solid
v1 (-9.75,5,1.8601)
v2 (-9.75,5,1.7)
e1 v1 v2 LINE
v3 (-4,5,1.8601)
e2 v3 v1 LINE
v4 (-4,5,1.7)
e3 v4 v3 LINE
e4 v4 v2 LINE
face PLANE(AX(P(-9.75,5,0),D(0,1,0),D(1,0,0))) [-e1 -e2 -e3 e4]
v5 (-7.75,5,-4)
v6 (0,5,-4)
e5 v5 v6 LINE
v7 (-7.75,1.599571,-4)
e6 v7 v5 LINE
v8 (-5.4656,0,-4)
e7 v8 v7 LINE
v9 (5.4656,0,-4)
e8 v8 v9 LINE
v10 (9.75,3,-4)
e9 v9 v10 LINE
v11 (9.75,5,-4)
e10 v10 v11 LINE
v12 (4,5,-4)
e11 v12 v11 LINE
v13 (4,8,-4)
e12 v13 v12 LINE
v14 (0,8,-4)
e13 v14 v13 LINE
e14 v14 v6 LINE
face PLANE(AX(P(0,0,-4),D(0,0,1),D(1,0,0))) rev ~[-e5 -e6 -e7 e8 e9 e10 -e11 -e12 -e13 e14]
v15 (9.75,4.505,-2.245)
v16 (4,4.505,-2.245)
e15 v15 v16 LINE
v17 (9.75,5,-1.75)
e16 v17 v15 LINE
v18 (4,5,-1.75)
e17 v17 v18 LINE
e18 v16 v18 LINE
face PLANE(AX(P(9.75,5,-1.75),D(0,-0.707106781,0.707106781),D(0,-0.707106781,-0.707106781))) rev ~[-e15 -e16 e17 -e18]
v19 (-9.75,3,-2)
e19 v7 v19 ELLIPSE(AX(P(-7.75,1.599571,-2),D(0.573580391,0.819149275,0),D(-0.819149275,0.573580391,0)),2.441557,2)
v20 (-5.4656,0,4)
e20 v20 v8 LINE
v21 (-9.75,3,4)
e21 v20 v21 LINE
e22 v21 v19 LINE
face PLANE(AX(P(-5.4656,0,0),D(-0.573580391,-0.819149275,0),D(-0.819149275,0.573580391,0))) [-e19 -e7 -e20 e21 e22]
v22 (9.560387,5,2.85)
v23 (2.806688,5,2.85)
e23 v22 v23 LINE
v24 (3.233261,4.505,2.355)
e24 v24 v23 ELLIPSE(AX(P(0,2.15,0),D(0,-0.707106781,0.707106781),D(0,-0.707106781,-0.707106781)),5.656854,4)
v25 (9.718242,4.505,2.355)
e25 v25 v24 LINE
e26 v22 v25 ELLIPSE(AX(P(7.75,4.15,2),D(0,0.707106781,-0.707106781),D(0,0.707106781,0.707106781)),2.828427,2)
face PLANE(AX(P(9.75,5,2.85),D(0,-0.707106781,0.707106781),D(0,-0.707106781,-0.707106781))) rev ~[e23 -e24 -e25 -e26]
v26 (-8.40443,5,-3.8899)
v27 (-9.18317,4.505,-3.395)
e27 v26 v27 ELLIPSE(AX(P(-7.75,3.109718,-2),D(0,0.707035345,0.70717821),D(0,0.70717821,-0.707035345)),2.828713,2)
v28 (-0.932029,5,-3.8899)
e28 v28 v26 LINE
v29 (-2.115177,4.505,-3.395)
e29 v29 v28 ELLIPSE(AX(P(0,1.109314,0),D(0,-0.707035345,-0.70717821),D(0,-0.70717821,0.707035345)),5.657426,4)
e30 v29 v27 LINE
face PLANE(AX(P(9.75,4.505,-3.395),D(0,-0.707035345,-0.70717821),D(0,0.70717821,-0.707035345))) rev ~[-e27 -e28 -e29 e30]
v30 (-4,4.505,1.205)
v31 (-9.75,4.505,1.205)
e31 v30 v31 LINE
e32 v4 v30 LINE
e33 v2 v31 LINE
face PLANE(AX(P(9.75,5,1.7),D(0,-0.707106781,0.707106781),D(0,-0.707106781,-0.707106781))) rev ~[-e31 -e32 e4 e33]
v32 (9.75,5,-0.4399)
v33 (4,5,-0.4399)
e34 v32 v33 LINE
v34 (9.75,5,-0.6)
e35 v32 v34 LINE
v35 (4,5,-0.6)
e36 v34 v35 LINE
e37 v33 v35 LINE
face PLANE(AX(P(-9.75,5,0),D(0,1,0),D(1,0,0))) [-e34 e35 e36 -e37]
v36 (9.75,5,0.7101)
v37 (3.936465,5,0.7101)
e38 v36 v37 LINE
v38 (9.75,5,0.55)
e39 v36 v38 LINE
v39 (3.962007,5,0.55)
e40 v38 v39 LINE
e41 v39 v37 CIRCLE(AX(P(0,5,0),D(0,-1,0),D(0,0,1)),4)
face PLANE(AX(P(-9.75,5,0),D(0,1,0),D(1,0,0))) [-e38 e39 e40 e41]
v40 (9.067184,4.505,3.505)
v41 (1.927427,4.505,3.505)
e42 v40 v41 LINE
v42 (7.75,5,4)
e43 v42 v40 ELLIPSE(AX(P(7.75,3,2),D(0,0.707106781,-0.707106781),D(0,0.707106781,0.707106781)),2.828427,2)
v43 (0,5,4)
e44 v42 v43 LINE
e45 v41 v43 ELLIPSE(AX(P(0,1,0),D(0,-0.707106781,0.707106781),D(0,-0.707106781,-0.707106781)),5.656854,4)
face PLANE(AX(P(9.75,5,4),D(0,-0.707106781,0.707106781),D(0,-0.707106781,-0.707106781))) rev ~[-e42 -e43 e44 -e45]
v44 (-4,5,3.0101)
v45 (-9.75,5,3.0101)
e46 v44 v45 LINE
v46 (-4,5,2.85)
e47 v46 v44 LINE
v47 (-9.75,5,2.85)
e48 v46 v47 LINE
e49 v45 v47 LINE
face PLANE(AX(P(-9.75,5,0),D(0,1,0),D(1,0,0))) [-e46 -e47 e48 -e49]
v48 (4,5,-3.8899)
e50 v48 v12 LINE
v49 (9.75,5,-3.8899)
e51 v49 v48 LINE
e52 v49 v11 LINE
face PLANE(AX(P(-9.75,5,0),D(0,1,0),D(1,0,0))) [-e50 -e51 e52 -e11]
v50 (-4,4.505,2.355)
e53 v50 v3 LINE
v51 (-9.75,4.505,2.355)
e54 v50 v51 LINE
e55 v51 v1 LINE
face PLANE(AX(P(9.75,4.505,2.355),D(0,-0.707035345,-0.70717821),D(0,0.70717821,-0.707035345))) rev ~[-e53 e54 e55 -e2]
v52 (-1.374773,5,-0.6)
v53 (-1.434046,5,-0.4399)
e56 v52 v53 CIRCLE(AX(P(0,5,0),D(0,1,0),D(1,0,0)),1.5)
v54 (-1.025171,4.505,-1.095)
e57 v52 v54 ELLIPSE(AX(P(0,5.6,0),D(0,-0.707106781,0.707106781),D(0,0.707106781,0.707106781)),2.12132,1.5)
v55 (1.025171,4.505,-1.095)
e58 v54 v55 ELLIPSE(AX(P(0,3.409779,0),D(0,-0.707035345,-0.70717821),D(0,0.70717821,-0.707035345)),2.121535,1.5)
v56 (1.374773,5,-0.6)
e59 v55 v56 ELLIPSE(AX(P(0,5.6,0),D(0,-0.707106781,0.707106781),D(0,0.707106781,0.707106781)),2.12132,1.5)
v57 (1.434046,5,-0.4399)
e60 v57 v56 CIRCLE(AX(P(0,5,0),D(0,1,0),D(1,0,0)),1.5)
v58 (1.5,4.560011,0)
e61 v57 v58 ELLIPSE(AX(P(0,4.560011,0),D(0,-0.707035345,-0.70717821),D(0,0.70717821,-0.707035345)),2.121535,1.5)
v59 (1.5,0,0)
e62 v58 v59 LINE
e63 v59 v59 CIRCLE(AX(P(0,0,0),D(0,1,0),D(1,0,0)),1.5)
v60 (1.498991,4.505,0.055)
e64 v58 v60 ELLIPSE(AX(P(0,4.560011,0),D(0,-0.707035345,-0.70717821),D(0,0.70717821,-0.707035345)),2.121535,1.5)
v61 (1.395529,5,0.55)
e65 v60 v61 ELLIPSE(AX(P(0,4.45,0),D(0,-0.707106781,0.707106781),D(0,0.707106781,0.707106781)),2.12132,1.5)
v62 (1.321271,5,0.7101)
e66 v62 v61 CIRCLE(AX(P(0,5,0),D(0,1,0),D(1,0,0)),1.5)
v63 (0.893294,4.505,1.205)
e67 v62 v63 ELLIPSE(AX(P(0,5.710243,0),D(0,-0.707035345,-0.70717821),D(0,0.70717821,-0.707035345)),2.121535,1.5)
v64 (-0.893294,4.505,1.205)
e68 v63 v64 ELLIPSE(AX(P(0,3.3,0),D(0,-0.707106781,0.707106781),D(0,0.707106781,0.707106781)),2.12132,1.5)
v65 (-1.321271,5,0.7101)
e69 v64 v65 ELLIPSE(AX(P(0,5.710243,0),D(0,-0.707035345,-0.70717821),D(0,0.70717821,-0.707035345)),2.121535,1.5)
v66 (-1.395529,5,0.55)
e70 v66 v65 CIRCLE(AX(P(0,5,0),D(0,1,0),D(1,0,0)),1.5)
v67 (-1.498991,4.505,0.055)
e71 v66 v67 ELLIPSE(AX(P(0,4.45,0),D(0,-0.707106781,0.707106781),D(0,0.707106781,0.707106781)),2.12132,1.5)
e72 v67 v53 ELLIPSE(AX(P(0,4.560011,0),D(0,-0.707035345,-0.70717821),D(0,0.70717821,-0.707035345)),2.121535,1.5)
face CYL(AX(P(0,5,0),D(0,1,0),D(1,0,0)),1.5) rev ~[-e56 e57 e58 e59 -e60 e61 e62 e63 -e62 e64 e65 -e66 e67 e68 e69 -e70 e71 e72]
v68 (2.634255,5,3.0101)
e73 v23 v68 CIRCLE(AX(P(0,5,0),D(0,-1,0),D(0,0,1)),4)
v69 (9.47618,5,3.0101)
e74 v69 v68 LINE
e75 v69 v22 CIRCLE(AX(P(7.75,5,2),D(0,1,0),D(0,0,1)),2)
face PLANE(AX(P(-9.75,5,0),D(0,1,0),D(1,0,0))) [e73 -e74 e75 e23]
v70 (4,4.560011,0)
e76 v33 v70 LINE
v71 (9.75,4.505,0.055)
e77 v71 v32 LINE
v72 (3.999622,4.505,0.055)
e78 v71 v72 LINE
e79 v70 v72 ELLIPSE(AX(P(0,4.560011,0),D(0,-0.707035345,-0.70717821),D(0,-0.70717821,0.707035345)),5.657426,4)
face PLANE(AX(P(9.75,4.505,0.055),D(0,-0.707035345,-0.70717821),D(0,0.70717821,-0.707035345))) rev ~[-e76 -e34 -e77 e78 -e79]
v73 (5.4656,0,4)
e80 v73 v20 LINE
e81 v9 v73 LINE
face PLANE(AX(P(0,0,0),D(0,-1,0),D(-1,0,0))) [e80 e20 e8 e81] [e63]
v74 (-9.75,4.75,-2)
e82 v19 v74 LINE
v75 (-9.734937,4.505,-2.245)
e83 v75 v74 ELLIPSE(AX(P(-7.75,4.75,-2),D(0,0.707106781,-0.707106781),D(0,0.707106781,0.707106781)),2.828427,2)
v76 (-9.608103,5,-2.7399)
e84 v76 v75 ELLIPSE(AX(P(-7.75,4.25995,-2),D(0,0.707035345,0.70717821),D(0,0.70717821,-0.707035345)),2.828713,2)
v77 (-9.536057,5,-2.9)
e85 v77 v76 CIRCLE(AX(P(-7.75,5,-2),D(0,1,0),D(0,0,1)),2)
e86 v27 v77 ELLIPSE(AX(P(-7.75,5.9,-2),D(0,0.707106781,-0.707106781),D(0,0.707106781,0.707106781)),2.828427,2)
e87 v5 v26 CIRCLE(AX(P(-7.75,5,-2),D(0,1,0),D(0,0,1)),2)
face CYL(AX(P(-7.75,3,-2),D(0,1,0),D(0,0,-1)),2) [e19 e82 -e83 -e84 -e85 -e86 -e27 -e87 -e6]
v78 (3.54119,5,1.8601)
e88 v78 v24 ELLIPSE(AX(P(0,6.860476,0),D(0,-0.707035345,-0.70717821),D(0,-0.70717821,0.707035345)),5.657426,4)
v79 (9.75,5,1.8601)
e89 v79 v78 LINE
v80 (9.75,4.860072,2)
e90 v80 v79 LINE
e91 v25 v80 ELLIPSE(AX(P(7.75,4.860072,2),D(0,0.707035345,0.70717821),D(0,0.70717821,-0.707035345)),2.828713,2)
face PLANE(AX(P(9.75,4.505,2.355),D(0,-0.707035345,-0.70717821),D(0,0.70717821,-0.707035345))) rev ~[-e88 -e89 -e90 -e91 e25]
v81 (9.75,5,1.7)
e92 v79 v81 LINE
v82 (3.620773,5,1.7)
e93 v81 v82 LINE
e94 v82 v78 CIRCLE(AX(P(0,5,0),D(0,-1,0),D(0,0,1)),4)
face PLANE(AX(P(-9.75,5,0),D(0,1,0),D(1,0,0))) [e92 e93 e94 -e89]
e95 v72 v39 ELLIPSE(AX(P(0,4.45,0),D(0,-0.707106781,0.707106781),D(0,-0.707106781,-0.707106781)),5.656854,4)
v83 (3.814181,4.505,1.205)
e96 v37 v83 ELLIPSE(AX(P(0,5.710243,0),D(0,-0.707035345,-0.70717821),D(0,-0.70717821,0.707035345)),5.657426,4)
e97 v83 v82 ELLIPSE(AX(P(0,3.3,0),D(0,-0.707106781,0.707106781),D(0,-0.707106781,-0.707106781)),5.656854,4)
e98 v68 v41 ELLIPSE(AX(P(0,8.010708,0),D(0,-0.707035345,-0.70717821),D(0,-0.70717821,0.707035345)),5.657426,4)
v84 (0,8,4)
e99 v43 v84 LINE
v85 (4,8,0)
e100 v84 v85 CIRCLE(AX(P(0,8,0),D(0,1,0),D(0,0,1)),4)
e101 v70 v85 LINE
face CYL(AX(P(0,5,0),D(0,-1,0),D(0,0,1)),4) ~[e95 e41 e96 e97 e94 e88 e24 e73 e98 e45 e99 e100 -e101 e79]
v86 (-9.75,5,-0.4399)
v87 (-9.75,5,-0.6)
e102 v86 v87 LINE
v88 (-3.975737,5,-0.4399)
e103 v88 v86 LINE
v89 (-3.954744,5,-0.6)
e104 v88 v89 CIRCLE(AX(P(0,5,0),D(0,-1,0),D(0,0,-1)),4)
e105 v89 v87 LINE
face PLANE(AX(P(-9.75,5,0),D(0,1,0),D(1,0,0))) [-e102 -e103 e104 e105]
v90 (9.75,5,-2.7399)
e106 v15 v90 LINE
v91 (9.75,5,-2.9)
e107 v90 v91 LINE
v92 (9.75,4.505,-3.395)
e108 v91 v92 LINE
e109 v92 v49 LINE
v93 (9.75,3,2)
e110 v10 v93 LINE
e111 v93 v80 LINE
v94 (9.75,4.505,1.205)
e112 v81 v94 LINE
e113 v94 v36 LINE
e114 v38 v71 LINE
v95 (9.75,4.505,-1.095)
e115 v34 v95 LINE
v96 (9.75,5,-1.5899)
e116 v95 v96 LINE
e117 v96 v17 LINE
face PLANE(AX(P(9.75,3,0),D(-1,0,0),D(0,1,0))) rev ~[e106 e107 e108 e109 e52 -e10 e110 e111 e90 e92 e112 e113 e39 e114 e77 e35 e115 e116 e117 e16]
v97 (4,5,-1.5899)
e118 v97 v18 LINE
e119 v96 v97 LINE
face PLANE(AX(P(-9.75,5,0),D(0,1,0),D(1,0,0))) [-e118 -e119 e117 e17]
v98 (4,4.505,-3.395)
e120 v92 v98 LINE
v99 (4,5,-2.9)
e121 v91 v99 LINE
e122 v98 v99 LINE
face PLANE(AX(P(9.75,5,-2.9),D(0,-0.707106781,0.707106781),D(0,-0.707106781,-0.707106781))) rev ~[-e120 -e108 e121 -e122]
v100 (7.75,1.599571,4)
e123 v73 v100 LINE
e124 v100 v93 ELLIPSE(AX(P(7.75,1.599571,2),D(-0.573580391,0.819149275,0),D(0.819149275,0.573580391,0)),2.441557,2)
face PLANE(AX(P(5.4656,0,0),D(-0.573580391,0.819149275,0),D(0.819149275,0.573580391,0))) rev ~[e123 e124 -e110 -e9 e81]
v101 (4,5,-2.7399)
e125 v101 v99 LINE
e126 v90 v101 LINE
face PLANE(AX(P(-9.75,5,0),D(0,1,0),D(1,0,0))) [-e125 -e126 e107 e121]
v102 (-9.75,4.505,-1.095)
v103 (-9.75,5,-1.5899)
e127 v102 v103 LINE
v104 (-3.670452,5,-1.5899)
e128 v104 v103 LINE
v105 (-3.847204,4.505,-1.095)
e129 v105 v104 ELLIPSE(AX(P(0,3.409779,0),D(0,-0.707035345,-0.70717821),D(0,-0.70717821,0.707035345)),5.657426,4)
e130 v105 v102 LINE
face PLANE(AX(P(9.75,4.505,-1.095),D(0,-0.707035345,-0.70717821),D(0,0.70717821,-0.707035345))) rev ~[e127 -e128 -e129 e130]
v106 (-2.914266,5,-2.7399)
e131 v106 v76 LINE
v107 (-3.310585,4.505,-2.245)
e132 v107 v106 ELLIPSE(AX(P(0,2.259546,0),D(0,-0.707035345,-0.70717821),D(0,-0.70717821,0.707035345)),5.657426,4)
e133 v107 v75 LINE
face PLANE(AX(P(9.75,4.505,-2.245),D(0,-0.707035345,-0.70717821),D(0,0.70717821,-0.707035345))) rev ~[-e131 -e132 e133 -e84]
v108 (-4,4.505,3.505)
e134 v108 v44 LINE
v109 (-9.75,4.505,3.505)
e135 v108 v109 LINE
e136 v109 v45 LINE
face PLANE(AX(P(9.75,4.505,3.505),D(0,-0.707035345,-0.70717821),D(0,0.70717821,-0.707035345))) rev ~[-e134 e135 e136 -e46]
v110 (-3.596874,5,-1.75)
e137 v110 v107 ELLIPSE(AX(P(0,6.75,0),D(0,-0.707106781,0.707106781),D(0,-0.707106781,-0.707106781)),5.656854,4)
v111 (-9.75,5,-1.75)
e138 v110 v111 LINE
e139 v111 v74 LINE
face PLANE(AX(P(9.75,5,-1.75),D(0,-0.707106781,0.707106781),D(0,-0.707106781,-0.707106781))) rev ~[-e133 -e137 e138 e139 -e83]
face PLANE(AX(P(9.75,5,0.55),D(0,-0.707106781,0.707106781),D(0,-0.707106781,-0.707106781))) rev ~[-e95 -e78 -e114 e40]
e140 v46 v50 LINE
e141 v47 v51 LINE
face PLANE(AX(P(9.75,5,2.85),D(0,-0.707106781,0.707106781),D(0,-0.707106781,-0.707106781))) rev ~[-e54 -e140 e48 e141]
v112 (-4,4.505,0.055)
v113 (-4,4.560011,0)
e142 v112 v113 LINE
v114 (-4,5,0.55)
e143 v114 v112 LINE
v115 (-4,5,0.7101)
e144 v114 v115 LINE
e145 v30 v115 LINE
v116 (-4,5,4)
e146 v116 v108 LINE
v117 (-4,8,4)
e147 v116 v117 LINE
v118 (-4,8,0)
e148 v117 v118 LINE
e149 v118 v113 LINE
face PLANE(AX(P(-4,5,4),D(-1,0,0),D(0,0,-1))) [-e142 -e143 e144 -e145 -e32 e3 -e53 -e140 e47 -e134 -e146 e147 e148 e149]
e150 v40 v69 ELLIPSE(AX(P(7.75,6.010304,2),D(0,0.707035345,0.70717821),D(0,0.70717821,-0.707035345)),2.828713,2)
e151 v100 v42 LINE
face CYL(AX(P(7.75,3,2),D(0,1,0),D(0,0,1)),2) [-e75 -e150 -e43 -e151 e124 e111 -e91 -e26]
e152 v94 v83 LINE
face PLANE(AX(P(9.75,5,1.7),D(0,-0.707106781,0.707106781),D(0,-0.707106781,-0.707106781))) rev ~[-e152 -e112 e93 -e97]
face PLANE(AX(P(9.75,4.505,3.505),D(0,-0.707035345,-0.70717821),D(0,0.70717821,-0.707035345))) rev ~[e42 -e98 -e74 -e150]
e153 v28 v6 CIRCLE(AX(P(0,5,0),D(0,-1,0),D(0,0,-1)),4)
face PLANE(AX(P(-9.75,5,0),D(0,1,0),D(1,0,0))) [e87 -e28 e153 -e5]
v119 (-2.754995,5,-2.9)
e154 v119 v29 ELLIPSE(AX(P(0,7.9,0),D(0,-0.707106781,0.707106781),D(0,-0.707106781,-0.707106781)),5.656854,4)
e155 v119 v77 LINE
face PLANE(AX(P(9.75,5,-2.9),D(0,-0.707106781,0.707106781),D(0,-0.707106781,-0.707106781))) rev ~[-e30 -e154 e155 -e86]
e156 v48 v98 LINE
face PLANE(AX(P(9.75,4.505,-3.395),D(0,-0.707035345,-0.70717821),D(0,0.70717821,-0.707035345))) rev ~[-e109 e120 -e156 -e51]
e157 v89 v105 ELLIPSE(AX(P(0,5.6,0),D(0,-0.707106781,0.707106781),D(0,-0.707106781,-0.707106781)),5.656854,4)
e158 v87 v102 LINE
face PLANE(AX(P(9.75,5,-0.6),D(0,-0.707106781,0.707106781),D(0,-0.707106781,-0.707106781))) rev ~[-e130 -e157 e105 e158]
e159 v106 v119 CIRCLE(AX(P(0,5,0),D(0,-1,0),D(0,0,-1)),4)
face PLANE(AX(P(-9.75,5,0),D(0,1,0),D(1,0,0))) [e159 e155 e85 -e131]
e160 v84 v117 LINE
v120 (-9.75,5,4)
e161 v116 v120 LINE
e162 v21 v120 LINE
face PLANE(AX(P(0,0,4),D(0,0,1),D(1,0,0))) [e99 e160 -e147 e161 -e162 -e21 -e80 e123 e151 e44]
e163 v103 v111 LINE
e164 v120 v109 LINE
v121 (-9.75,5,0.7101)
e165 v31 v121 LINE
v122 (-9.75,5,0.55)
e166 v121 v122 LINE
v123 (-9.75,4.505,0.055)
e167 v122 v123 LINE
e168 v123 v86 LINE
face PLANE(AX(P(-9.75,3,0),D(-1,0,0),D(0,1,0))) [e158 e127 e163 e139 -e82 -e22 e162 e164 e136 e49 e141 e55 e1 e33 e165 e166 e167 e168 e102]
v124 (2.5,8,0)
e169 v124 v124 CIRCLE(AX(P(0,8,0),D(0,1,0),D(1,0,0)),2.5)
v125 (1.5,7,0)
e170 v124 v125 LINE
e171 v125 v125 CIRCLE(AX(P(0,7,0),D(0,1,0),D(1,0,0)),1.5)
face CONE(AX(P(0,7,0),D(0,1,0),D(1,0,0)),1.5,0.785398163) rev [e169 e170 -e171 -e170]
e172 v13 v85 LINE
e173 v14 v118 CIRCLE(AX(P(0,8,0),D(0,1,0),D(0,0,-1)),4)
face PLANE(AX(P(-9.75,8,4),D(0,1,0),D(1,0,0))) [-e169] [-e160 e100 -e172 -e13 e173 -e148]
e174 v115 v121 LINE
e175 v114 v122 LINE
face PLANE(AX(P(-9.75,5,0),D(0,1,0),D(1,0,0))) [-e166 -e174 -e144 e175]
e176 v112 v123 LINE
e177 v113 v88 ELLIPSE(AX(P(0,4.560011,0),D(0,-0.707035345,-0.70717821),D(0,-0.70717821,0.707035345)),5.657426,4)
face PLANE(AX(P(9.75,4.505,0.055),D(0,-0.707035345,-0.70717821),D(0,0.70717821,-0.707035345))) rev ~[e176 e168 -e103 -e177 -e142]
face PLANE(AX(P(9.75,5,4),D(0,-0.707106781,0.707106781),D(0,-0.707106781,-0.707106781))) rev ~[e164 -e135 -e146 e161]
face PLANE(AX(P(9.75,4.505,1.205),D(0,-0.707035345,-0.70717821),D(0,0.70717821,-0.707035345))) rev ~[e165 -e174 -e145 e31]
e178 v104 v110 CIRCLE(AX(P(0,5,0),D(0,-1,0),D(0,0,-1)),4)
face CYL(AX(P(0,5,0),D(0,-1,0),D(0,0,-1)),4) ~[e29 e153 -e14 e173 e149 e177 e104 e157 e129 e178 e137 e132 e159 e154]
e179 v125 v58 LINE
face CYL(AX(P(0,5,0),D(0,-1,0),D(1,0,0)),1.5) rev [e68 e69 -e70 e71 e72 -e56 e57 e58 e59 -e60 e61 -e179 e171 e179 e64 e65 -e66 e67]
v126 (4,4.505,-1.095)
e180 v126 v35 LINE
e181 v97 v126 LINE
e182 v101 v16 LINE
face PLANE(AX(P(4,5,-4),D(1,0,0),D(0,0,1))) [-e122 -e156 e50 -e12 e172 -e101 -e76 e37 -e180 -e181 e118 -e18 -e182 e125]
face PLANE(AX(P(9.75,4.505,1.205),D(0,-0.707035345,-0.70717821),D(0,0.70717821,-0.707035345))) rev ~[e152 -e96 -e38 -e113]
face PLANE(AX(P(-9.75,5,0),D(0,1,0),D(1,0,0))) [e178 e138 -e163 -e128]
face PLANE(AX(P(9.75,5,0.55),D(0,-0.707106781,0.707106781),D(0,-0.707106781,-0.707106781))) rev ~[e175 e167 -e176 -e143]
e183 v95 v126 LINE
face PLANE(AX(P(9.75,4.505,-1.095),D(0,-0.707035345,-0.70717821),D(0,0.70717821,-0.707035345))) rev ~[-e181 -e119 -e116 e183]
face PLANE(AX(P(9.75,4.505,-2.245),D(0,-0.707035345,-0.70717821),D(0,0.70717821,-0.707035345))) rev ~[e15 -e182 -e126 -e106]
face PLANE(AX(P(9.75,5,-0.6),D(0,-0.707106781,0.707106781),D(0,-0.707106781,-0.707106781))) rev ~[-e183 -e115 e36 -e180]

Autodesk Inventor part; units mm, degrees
ref_plane "YZ Plane" through (0, 0, 0) normal (1, 0, 0) x (0, 1, 0)
ref_plane "XZ Plane" through (0, 0, 0) normal (0, 1, 0) x (-1, 0, 0)
ref_plane "XY Plane" through (0, 0, 0) normal (0, 0, 1) x (1, 0, 0)
sketch "Skizze3" plane through (0, 0, 0) normal (0, 0, 1) x (1, 0, 0)
  line L0 (0, 0) -> (5.4656, 0)
  line L1 (5.4656, 0) -> (9.75, 3)
  line L2 (9.75, 3) -> (9.75, 5)
  line L3 (9.75, 5) -> (0, 5)
  line L4 (0, 6) -> (0, -1) construction
  line L5 (0, 0) -> (-5.4656, 0)
  line L6 (-5.4656, 0) -> (-9.75, 3)
  line L7 (-9.75, 3) -> (-9.75, 5)
  line L8 (-9.75, 5) -> (0, 5)
  dimension "d6" = 9.75
  dimension "d8" = 5
  dimension "d9" = 3
  dimension "d10" = 145
extrude "Extrusion2" add sketch "Skizze3" along normal mid plane 8
sketch "Skizze4" plane through (-9.75, 5, 4) normal (0, 1, 0) x (1, 0, 0)
  line L0 (0, 8) -> (0, 0) projected
  line L1 (19.5, 0) -> (0, 0) projected
  line L2 (19.5, 8) -> (19.5, 0) projected
  line L3 (0, 8) -> (19.5, 8) projected
  circle A0 centre (9.75, 4) radius 1.5
  line L4 (5.75, 8) -> (13.75, 8)
  line L5 (13.75, 8) -> (13.75, 0)
  line L6 (13.75, 0) -> (5.75, 0)
  line L7 (5.75, 0) -> (5.75, 8)
  line L8 (5.75, 8) -> (13.75, 0) construction
  line L9 (13.75, 8) -> (5.75, 0) construction
  line L10 (0, 8) -> (19.5, 8) projected
  arc A1 (9.75, 8) -> (5.75, 4) centre (9.75, 4) ccw
  arc A2 (9.75, 0) -> (13.75, 4) centre (9.75, 4) ccw
  point P0 (9.75, 0)
  dimension "d13" = 3
  dimension "d14" = 8
  dimension "d15" = 8
extrude "Extrusion3" add sketch "Skizze4" along normal blind 3 and the other way blind 5 separate body contours L7 A1 L3 L5 A2 L1
sketch "Skizze5" plane through (9.75, 3, 4) normal (1, 0, 0) x (0, 0, -1)
  line L0 (8, 2) -> (0, 2) projected
  line L1 (0, 0) -> (0, 2) projected
  line L2 (8, 0) -> (0, 0) projected
  line L3 (8, 2) -> (8, 0) projected
  line L4 (0, 0) -> (0, 2) projected
  line L5 (0, 2) -> (0.495, 1.505)
  line L6 (0.495, 1.505) -> (0.9899, 2)
  line L7 (8, 2) -> (0, 2) projected
  line L8 (1.15, 2) -> (1.645, 1.505)
  line L9 (1.645, 1.505) -> (2.1399, 2)
  line L10 (2.3, 2) -> (2.795, 1.505)
  line L11 (2.795, 1.505) -> (3.2899, 2)
  line L12 (3.45, 2) -> (3.945, 1.505)
  line L13 (3.945, 1.505) -> (4.4399, 2)
  line L14 (4.6, 2) -> (5.095, 1.505)
  line L15 (5.095, 1.505) -> (5.5899, 2)
  line L16 (5.75, 2) -> (6.245, 1.505)
  line L17 (6.245, 1.505) -> (6.7399, 2)
  line L18 (6.9, 2) -> (7.395, 1.505)
  line L19 (7.395, 1.505) -> (7.8899, 2)
  point P0 (4, -3)
  dimension "d21" = 0.7
  dimension "d24" = 1.15
extrude "Extrusion4" cut sketch "Skizze5" against normal up to surface (19.5 mm away) contours L19 L18 L0 | L17 L16 L0 | L0 L6 L5 | L15 L14 L0 | L0 L9 L8 | L13 L12 L0 | L0 L11 L10 bodies 1
extrude "Extrusion5" cut sketch "Skizze4" against normal blind 10 contours A0 bodies 1
chamfer "Fase2" distance 1 angle 45 1 edges at (-1.5, 8, 0)
combine bodies "Kombinieren1" operation type add bodies to combine 1 2
fillet "Rundung1" radius 2 2 edges at (9.75, 4, 4) (-9.75, 4, -4)
properties part number "T-NUT - DropIn 4040 SERIES - M3"
